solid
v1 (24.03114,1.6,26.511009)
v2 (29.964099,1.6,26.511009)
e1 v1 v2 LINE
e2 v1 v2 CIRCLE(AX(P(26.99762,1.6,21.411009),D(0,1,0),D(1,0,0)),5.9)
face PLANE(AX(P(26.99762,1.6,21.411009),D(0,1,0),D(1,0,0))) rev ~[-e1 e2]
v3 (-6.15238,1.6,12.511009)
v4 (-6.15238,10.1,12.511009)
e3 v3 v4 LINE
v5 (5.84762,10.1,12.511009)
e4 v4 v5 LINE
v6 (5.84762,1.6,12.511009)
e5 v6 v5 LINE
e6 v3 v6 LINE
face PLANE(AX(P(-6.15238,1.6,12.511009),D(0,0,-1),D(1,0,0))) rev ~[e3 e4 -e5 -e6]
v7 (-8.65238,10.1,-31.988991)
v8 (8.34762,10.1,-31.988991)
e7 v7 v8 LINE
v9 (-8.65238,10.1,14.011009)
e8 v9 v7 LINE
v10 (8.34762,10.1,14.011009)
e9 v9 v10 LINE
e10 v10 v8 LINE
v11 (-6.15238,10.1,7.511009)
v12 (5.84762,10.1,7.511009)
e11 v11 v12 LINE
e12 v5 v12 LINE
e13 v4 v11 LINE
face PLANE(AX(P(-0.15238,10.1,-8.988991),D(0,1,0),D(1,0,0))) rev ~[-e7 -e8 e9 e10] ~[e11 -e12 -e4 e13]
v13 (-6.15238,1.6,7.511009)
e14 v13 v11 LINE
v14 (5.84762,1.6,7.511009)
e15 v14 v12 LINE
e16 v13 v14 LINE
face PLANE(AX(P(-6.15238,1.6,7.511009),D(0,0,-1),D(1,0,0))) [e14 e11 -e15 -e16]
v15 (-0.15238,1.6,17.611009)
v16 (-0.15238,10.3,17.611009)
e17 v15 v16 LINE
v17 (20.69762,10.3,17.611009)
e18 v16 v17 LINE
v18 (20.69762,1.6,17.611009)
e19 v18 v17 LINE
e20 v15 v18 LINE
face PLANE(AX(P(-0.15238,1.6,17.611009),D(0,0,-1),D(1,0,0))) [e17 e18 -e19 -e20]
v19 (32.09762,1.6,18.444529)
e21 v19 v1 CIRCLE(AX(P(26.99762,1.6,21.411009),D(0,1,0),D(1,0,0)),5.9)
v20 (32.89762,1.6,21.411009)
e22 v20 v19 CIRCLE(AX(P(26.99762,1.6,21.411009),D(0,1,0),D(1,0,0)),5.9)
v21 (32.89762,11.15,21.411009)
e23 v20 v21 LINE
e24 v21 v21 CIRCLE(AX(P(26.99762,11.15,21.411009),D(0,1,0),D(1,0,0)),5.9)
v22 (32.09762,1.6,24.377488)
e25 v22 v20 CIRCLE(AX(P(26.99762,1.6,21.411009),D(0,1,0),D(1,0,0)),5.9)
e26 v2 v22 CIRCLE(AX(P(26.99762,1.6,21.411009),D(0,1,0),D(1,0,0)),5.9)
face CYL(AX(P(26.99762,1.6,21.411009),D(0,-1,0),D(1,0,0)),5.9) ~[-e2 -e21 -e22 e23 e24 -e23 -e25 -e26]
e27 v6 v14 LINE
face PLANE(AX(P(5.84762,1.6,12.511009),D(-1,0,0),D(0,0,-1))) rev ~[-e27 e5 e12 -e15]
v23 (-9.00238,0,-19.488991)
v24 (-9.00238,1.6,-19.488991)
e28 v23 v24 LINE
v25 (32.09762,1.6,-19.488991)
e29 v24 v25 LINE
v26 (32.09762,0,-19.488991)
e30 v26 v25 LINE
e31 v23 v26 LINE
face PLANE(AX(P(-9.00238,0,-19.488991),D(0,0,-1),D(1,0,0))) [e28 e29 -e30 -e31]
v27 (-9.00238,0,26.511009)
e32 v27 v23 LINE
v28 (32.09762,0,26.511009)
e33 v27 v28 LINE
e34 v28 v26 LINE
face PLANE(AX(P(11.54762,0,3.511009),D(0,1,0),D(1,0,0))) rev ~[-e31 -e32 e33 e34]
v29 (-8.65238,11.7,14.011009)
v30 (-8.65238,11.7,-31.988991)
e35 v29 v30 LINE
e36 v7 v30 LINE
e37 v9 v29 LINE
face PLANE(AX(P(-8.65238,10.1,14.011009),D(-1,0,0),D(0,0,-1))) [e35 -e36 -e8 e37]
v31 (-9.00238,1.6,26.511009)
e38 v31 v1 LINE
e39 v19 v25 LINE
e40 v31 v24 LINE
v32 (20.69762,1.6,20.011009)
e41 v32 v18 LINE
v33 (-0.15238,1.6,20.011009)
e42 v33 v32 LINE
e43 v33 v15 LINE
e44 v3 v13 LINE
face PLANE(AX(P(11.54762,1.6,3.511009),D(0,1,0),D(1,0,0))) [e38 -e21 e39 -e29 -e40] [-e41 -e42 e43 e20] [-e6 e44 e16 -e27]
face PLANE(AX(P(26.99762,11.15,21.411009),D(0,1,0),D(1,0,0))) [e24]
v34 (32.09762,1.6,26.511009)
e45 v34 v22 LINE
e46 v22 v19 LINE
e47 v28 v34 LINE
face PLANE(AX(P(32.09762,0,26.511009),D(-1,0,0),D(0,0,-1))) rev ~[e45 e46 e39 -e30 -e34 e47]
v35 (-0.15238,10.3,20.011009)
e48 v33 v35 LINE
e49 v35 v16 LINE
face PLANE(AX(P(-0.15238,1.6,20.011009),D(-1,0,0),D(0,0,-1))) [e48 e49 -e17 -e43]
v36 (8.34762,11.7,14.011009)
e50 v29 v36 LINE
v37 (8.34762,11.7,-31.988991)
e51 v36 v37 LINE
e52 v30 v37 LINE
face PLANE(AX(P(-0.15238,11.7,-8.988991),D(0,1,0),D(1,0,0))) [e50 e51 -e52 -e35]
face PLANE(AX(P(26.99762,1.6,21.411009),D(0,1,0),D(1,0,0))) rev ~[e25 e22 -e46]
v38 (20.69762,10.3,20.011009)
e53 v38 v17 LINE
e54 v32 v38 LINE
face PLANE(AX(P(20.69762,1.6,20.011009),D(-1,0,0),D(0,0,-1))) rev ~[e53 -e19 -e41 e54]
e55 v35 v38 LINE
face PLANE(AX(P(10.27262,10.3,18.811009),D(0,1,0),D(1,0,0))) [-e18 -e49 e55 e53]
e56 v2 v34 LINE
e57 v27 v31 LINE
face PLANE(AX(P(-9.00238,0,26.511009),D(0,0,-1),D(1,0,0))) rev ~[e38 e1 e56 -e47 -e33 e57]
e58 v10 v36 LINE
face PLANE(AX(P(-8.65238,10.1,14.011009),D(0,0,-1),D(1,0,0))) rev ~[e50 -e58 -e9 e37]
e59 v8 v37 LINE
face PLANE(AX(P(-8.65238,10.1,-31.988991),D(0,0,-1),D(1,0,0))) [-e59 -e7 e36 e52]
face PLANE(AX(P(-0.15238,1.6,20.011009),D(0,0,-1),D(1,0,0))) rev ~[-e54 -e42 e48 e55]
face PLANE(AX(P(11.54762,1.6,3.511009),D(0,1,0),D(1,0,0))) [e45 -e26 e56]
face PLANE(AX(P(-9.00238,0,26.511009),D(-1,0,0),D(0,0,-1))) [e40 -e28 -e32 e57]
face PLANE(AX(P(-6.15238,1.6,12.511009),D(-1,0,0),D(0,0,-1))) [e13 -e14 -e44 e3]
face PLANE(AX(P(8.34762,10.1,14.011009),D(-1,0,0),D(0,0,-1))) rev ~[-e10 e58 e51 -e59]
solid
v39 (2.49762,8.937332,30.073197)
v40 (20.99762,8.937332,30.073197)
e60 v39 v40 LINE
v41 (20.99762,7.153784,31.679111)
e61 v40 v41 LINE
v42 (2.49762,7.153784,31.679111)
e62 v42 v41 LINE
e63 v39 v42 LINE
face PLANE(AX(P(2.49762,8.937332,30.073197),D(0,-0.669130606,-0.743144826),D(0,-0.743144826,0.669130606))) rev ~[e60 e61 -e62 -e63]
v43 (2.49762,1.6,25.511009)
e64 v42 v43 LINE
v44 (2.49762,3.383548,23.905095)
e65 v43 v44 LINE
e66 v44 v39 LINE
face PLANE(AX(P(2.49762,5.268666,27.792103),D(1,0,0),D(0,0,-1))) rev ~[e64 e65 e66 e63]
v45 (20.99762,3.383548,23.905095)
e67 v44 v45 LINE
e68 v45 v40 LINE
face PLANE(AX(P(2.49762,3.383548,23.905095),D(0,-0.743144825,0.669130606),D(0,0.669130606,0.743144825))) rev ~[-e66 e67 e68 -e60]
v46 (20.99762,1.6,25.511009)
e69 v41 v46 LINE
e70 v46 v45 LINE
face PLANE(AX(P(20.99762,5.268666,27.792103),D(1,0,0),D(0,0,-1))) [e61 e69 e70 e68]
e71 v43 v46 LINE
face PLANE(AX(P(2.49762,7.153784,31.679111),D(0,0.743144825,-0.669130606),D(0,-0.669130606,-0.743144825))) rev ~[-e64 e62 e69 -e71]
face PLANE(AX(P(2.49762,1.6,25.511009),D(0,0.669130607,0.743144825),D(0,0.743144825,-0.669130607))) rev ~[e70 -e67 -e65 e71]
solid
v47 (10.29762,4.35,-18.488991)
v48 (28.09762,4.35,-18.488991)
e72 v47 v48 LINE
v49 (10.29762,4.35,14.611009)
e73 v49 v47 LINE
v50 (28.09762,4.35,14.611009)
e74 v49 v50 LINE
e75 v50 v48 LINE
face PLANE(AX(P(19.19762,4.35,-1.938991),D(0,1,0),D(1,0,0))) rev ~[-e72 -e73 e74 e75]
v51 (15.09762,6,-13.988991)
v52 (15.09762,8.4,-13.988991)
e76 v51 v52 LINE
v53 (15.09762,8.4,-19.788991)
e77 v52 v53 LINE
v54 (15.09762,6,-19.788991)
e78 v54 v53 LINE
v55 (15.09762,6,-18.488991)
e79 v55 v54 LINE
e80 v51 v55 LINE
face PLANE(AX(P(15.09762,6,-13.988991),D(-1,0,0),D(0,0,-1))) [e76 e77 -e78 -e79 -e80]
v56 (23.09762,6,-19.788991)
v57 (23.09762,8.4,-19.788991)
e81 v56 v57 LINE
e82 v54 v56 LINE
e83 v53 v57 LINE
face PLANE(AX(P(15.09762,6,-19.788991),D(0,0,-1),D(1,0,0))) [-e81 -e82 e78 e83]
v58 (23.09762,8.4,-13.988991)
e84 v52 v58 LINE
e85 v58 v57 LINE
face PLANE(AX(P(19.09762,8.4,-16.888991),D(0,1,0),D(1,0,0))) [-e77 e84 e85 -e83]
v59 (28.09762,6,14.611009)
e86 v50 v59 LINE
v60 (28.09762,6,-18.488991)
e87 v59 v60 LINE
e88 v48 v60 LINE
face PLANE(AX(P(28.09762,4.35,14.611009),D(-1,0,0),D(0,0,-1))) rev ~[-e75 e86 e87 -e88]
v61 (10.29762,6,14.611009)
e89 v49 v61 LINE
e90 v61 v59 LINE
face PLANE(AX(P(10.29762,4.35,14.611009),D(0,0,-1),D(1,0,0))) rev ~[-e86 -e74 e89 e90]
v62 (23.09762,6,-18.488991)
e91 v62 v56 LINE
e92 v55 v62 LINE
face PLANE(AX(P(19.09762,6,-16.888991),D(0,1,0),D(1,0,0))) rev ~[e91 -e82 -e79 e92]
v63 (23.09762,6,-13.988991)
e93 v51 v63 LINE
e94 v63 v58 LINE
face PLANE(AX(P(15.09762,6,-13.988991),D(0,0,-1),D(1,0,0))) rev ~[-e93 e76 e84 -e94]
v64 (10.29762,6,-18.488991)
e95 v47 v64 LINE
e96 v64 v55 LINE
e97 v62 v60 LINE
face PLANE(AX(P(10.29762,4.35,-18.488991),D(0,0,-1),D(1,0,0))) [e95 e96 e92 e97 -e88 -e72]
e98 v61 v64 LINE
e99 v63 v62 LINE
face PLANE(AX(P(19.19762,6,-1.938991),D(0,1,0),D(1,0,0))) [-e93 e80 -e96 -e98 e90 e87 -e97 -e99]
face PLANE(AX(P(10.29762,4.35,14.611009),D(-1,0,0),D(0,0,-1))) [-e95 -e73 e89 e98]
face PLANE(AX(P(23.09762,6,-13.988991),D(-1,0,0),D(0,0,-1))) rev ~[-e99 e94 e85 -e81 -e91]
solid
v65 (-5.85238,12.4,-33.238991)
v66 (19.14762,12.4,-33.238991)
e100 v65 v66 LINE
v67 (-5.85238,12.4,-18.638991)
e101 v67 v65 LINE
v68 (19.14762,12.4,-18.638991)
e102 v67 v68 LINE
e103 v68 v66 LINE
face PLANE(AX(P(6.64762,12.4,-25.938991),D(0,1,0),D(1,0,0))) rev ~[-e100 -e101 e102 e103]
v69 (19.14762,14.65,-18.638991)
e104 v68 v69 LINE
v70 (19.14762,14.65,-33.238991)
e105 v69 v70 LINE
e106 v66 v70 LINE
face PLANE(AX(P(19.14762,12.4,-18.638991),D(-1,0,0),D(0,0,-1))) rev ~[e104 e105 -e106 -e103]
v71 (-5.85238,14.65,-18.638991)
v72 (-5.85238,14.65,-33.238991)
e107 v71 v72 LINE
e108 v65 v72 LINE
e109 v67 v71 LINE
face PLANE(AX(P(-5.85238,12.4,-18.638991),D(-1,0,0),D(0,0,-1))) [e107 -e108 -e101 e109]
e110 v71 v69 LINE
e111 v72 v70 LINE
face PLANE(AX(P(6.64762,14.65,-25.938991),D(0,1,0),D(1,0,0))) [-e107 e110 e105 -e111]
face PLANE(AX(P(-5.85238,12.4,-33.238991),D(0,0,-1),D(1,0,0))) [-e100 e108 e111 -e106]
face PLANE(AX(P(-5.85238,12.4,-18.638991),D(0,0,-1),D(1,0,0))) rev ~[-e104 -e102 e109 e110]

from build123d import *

# Parameters (mm, degrees)
SKETCH1_W            = 41.1
SKETCH1_H            = 46
BOSS_EXTRUDE1_DEPTH  = 1.6
SKETCH2_R            = 5.9
BOSS_EXTRUDE2_DEPTH  = 9.55
BOSS_EXTRUDE3_START  = 2.75
SKETCH3_W            = 17.8
SKETCH3_H            = 33.1
BOSS_EXTRUDE3_DEPTH  = 1.65
SKETCH4_W            = 8
SKETCH4_H            = 5.8
BOSS_EXTRUDE4_DEPTH  = 2.4
SKETCH5_W            = 12
SKETCH5_H            = 5
BOSS_EXTRUDE5_DEPTH  = 8.5
SKETCH7_W            = 20.85
SKETCH7_H            = 2.4
BOSS_EXTRUDE7_DEPTH  = 8.7
BOSS_EXTRUDE8_START  = -11.5
BOSS_EXTRUDE8_DEPTH  = 18.5
SKETCH9_W            = 17
SKETCH9_H            = 46
BOSS_EXTRUDE10_DEPTH = 1.6
BOSS_EXTRUDE11_START = 0.7
SKETCH6_W            = 25
SKETCH6_H            = 14.6
BOSS_EXTRUDE11_DEPTH = 2.25


with BuildPart() as part:
    # Sketch1 → Boss-Extrude1 (new body)
    with BuildSketch(Plane(origin=(0, 0, 0), x_dir=(1, 0, 0), z_dir=(0, 1, 0))):
        with Locations((11.547619734, -3.511008705)):
            Rectangle(SKETCH1_W, SKETCH1_H)
    extrude(amount=BOSS_EXTRUDE1_DEPTH)

    # Sketch2 → Boss-Extrude2 (add)
    with BuildSketch(Plane(origin=(0, 1.6, 0), x_dir=(1, 0, 0), z_dir=(0, 1, 0))):
        with Locations((26.997619734, -21.411008705)):
            Circle(SKETCH2_R)
    extrude(amount=BOSS_EXTRUDE2_DEPTH)

    # Sketch5 → Boss-Extrude5 (add)
    with BuildSketch(Plane(origin=(0, 1.6, 0), x_dir=(1, 0, 0), z_dir=(0, 1, 0))):
        with Locations((-0.152380266, -10.011008705)):
            Rectangle(SKETCH5_W, SKETCH5_H)
    extrude(amount=BOSS_EXTRUDE5_DEPTH)

    # Sketch7 → Boss-Extrude7 (add)
    with BuildSketch(Plane(origin=(0, 1.6, 0), x_dir=(1, 0, 0), z_dir=(0, 1, 0))):
        with Locations((10.272619734, -18.811008705)):
            Rectangle(SKETCH7_W, SKETCH7_H)
    extrude(amount=BOSS_EXTRUDE7_DEPTH)

    # Sketch9 → Boss-Extrude10 (add)
    with BuildSketch(Plane(origin=(0, 10.1, 0), x_dir=(1, 0, 0), z_dir=(0, 1, 0))):
        with Locations((-0.152380266, 8.988991295)):
            Rectangle(SKETCH9_W, SKETCH9_H)
    extrude(amount=BOSS_EXTRUDE10_DEPTH)


with BuildPart() as body_2:
    # Sketch3 → Boss-Extrude3 (new body)
    with BuildSketch(Plane(origin=(0, 1.6, 0), x_dir=(1, 0, 0), z_dir=(0, 1, 0)).offset(BOSS_EXTRUDE3_START)):
        with Locations((19.197619734, 1.938991295)):
            Rectangle(SKETCH3_W, SKETCH3_H)
    extrude(amount=BOSS_EXTRUDE3_DEPTH)

    # Sketch4 → Boss-Extrude4 (add)
    with BuildSketch(Plane(origin=(0, 6, 0), x_dir=(1, 0, 0), z_dir=(0, 1, 0))):
        with Locations((19.097619734, 16.888991295)):
            Rectangle(SKETCH4_W, SKETCH4_H)
    extrude(amount=BOSS_EXTRUDE4_DEPTH)


with BuildPart() as body_3:
    # Sketch8 → Boss-Extrude8 (new body)
    with BuildSketch(Plane.ZY.offset(9.002380266).offset(BOSS_EXTRUDE8_START)):
        Polygon((23.905095249, 3.383547581), (30.073197301, 8.937331614), (31.679110756, 7.153784033), (25.511008705, 1.6), align=None)
    extrude(amount=-BOSS_EXTRUDE8_DEPTH)


with BuildPart() as body_4:
    # Sketch6 → Boss-Extrude11 (new body)
    with BuildSketch(Plane(origin=(0, 11.7, 0), x_dir=(1, 0, 0), z_dir=(0, 1, 0)).offset(BOSS_EXTRUDE11_START)):
        with Locations((6.647619734, 25.938991295)):
            Rectangle(SKETCH6_W, SKETCH6_H)
    extrude(amount=BOSS_EXTRUDE11_DEPTH)


solid = Compound([part.part, body_2.part, body_3.part, body_4.part])
